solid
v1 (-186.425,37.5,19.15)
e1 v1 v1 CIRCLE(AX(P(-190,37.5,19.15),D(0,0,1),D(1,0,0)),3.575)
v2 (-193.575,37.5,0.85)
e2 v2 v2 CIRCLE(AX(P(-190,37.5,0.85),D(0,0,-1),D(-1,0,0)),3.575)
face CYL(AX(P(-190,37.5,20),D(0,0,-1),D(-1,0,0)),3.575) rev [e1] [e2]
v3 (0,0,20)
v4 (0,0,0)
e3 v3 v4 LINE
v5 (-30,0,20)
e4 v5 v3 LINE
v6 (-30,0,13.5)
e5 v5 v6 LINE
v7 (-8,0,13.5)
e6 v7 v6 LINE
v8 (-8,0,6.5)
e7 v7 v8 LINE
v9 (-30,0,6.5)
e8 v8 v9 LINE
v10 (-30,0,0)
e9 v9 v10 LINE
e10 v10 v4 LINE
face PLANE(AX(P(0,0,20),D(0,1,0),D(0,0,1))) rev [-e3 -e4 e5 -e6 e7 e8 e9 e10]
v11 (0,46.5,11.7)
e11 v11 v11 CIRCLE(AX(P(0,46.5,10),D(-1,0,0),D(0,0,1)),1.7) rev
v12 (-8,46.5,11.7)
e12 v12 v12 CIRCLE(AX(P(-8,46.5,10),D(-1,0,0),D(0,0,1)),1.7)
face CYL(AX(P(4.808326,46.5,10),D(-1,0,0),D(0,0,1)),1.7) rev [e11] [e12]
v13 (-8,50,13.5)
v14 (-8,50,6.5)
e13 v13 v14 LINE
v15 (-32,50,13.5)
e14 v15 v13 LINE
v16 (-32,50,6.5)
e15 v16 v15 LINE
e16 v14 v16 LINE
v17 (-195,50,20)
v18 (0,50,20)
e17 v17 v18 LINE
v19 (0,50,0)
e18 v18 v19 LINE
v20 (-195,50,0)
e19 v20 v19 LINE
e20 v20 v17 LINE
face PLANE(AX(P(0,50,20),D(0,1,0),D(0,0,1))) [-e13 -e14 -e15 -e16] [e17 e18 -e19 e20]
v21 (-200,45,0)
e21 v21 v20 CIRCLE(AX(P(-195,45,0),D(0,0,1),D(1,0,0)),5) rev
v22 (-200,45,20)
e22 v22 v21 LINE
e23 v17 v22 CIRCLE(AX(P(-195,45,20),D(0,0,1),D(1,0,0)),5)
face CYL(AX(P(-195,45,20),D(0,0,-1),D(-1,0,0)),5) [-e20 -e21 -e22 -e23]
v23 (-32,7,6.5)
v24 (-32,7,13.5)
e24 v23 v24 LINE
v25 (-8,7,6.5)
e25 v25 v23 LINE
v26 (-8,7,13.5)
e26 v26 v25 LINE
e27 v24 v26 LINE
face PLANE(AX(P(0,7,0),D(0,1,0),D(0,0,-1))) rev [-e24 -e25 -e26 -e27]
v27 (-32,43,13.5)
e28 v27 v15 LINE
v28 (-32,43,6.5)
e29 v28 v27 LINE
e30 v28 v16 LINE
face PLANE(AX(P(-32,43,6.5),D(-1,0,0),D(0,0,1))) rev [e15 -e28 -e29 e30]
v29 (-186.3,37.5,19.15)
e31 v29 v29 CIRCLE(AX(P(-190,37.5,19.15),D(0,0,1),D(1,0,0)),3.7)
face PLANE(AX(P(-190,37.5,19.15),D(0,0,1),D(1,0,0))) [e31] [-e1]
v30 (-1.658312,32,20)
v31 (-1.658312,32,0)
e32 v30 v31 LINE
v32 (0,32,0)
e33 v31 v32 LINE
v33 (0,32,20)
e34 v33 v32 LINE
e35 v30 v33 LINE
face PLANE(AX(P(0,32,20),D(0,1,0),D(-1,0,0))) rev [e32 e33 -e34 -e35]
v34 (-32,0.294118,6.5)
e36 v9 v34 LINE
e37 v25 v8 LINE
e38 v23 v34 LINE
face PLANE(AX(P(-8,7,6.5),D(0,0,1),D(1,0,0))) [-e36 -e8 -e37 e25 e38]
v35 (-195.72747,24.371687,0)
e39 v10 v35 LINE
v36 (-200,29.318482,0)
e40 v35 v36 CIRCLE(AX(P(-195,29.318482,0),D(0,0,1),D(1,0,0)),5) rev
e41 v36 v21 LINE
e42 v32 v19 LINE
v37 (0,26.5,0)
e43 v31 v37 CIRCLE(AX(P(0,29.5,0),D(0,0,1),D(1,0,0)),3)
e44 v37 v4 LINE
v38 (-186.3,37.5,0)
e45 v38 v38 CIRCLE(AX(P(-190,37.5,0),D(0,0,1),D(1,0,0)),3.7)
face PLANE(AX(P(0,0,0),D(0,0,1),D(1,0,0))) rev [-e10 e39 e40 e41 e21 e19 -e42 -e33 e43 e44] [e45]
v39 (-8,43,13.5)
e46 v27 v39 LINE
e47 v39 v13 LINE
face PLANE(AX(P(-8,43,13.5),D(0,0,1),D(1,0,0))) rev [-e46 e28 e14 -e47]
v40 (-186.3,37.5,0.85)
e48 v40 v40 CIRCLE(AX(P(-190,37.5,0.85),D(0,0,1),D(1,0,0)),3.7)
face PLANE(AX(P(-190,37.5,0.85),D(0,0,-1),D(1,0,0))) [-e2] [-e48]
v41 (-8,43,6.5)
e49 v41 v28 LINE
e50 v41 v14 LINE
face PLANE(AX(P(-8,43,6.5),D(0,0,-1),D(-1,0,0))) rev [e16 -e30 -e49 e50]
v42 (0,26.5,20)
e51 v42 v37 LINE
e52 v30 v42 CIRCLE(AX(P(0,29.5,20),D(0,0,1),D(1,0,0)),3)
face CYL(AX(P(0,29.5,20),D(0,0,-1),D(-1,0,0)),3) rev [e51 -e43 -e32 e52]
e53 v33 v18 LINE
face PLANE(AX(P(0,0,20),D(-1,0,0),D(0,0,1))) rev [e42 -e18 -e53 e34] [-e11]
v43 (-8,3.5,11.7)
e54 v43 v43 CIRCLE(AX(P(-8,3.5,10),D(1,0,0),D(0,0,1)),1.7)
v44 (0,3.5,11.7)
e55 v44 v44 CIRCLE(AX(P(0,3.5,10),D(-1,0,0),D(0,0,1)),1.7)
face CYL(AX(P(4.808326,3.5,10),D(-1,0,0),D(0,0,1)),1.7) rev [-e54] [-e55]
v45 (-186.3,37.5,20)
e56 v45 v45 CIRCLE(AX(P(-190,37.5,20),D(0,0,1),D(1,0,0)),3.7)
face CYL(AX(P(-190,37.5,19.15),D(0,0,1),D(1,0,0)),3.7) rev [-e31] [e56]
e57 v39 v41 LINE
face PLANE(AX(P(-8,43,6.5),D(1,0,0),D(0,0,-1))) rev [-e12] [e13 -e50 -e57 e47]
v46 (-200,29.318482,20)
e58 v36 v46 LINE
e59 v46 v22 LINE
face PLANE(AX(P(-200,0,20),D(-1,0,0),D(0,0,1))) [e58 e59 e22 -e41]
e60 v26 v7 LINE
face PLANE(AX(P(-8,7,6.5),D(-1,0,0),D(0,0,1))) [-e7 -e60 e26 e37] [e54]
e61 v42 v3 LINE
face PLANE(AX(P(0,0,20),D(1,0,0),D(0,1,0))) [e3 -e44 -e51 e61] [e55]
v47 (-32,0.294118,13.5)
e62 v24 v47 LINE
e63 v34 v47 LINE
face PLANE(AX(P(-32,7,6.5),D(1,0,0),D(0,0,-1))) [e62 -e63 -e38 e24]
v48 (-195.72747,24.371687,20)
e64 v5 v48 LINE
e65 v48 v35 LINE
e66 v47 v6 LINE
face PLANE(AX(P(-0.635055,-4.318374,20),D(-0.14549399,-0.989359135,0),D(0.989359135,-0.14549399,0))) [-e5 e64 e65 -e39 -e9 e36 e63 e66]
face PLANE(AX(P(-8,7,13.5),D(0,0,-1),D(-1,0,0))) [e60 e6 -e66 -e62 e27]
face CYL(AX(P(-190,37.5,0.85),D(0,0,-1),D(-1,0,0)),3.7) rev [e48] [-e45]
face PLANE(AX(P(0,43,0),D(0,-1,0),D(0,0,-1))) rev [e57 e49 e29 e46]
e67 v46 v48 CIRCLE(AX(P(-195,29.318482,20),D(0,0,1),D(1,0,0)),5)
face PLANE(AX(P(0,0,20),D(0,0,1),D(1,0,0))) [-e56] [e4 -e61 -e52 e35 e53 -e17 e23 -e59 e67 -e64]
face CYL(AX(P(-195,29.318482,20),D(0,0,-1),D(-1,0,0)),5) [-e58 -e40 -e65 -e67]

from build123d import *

# Parameters (mm, degrees)
SKETCH1_R           = 3.575
BOSS_EXTRUDE1_DEPTH = 20
FILLET1_R           = 5
SKETCH5_W           = 24
SKETCH5_H           = 7
CUT_EXTRUDE1_DEPTH  = 7
SKETCH6_R           = 1.7
CUT_EXTRUDE2_DEPTH  = 8
SKETCH3_R           = 3.7
CUT_EXTRUDE3_DEPTH  = 0.85


with BuildPart() as part:
    # Sketch1 → Boss-Extrude1 (new body)
    with BuildSketch(Plane.XY):
        with BuildLine():
            Line((-200, 25), (-30, 0))
            Line((-30, 0), (0, 0))
            Line((0, 0), (0, 26.5))
            ThreePointArc((0, 26.5), (-2.872281323, 28.633974596), (-1.658312395, 32))
            Line((-1.658312395, 32), (0, 32))
            Line((0, 32), (0, 32.5))
            Line((0, 32.5), (0, 50))
            Line((0, 50), (-200, 50))
            Line((-200, 50), (-200, 25))
        make_face()
        with Locations((-190, 37.5)):
            Circle(SKETCH1_R, mode=Mode.SUBTRACT)
    extrude(amount=BOSS_EXTRUDE1_DEPTH)

    # Fillet1
    fillet1_edges = [part.edges().sort_by_distance(p)[0] for p in [
        (-200, 25, 10),
        (-200, 50, 10),
    ]]
    fillet(fillet1_edges, radius=FILLET1_R)

    # Sketch5 → Cut-Extrude1 (cut)
    with BuildSketch(Plane(origin=(0, 50, 0), x_dir=(1, 0, 0), z_dir=(0, 1, 0))):
        with Locations((-20, -10)):
            Rectangle(SKETCH5_W, SKETCH5_H)
    cut_extrude1 = extrude(amount=-CUT_EXTRUDE1_DEPTH, mode=Mode.SUBTRACT)

    # Sketch6 → Cut-Extrude2 (cut)
    with BuildSketch(Plane.ZY.offset(8)):
        with Locations((10, 46.5)):
            Circle(SKETCH6_R)
    cut_extrude2 = extrude(amount=-CUT_EXTRUDE2_DEPTH, mode=Mode.SUBTRACT)

    # Mirror1: Cut-Extrude1, Cut-Extrude2 across plane
    add(cut_extrude1.mirror(Plane.ZX.offset(25)), mode=Mode.SUBTRACT)
    add(cut_extrude2.mirror(Plane.ZX.offset(25)), mode=Mode.SUBTRACT)

    # Sketch3 → Cut-Extrude3 (cut)
    with BuildSketch(Plane.XY.offset(20)):
        with Locations((-190, 37.5)):
            Circle(SKETCH3_R)
    cut_extrude3 = extrude(amount=-CUT_EXTRUDE3_DEPTH, mode=Mode.SUBTRACT)

    # Mirror2: Cut-Extrude3 across plane
    add(cut_extrude3.mirror(Plane.XY.offset(10)), mode=Mode.SUBTRACT)


solid = part.part
